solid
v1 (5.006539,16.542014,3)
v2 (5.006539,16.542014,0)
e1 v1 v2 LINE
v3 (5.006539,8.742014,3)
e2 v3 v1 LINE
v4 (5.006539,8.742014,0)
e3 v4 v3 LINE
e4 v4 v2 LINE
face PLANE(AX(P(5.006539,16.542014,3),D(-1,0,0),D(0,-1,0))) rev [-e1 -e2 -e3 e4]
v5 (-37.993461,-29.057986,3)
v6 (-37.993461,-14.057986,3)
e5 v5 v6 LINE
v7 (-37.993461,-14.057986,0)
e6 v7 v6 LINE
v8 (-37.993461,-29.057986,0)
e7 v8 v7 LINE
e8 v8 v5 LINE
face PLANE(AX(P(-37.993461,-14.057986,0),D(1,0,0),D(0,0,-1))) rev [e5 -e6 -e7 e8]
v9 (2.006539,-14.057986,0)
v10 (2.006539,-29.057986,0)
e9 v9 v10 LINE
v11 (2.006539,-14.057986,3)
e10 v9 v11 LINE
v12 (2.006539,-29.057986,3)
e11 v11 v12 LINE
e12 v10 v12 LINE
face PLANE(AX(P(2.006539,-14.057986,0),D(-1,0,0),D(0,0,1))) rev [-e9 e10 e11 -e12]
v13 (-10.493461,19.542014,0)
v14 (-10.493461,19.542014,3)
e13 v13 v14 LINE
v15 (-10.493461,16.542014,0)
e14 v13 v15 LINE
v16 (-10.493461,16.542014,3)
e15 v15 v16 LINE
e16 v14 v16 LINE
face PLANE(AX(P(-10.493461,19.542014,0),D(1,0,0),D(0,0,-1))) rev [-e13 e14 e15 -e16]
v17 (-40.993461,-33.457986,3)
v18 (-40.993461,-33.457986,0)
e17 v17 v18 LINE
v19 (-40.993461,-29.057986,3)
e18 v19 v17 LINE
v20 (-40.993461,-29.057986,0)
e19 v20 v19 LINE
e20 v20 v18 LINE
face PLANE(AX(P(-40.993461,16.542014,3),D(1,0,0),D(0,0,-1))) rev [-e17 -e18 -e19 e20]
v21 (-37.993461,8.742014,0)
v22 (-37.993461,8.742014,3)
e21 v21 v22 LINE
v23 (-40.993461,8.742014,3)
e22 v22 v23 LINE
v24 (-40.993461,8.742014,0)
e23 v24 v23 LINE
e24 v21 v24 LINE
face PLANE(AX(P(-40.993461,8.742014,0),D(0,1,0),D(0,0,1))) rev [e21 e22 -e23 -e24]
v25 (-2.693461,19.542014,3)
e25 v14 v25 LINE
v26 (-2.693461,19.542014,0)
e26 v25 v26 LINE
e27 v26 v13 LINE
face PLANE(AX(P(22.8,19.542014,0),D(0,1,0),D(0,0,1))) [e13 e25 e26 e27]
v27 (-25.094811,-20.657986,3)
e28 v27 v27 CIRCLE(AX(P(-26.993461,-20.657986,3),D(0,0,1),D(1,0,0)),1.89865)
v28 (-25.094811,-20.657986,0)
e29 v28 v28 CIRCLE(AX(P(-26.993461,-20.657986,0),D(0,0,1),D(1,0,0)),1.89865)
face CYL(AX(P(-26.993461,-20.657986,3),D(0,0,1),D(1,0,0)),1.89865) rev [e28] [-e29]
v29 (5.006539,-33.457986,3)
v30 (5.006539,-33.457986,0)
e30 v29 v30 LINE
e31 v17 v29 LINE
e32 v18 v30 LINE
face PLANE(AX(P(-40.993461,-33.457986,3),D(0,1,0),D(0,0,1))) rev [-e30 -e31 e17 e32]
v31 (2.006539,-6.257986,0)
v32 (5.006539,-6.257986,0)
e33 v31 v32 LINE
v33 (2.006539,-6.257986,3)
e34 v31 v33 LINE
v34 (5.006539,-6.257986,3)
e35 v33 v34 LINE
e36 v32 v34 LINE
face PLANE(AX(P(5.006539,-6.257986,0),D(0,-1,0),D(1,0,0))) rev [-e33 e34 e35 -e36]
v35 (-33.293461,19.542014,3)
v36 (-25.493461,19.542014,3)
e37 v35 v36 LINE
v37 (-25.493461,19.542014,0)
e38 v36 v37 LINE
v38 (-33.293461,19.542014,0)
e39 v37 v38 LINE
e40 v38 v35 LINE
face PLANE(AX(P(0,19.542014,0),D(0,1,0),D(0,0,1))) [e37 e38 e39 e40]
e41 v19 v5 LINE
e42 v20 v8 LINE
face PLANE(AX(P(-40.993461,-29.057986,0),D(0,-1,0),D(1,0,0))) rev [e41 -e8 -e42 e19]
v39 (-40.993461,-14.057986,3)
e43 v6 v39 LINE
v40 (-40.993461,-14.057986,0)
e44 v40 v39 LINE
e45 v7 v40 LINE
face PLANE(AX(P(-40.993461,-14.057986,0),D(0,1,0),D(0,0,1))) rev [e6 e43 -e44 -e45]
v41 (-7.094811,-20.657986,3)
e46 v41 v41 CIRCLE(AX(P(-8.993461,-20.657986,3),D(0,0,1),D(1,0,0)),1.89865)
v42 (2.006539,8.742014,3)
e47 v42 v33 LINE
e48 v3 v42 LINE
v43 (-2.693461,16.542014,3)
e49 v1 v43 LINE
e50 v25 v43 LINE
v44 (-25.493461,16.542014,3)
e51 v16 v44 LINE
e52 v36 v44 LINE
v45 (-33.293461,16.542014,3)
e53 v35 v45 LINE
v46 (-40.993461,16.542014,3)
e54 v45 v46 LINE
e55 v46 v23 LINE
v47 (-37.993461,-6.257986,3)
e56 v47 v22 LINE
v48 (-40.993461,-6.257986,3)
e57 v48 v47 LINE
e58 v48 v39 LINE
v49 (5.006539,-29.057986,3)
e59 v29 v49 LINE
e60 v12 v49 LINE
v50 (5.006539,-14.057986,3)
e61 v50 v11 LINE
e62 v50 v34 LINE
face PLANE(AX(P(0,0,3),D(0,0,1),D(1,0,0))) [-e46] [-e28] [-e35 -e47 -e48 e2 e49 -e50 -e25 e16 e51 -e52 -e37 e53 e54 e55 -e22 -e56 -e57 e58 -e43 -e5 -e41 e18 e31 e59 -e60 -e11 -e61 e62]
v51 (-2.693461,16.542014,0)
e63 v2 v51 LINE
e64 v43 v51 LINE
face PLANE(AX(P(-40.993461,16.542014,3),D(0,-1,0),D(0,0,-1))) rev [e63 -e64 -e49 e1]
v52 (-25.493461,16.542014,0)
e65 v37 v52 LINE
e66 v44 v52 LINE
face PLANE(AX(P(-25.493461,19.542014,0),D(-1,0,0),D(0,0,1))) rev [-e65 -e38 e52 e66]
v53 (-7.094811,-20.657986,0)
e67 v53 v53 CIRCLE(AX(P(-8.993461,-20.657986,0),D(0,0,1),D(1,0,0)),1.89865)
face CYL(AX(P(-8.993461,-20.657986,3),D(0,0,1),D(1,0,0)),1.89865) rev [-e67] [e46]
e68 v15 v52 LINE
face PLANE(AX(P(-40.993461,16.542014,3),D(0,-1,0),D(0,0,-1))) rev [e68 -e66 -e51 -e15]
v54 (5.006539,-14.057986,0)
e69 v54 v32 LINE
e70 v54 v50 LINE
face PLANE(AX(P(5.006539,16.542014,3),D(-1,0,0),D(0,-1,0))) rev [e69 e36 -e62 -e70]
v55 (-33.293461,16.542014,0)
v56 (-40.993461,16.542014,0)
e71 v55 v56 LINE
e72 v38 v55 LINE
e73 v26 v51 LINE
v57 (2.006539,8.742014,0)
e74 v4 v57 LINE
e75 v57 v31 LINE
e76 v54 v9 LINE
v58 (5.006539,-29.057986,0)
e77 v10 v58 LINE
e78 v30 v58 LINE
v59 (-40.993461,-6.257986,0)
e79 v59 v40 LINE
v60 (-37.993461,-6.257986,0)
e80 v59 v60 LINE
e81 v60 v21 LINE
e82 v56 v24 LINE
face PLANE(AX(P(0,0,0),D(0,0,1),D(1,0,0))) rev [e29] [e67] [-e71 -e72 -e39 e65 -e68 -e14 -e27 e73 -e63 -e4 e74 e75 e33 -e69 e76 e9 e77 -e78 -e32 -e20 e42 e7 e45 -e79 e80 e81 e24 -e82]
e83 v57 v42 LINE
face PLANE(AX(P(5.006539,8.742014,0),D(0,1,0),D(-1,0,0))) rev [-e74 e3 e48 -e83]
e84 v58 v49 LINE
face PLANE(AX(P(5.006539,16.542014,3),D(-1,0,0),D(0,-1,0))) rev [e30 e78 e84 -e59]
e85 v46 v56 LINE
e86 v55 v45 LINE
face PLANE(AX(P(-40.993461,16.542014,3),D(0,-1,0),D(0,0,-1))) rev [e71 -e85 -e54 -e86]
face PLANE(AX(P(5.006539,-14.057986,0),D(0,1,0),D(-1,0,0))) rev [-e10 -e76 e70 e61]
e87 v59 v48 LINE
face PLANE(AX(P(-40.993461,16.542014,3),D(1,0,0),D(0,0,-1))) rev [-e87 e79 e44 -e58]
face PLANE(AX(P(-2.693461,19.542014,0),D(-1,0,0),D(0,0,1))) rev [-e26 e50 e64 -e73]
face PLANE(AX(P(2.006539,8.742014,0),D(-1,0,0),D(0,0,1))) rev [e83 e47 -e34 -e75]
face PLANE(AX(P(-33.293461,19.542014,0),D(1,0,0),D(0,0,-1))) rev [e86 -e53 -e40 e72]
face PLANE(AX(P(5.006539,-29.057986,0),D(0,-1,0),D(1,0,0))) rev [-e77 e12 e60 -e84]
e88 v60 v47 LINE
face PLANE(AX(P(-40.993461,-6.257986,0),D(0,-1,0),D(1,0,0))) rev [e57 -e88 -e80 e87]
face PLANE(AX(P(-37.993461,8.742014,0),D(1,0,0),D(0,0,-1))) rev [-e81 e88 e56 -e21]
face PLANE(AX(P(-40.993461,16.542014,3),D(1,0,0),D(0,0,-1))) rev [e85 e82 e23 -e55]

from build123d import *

# Parameters (mm, degrees)
SKETCH1_W             = 46
SKETCH1_H             = 50
BOSS_EXTRUDE1_DEPTH   = 3
SKETCH2_W             = 3
SKETCH2_H             = 15
CUT_EXTRUDE1_DEPTH    = 53.999062732
LPATTERN1_COUNT       = 3
LPATTERN1_PITCH       = 22.8
SKETCH3_W             = 7.8
SKETCH3_H             = 3
BOSS_EXTRUDE2_DEPTH   = 3
LPATTERN2_COUNT       = 2
LPATTERN2_PITCH       = 22.8
F_6_CLEARANCE_HOLE1_D = 3.7973


with BuildPart() as part:
    # Sketch1 → Boss-Extrude1 (new body)
    with BuildSketch(Plane.XY):
        with Locations((-17.993460648, -8.457986111)):
            Rectangle(SKETCH1_W, SKETCH1_H)
    extrude(amount=BOSS_EXTRUDE1_DEPTH)

    # Sketch2 → Cut-Extrude1 (cut, through all)
    with BuildSketch(Plane.XY.offset(3)):
        with Locations((-39.493460648, 1.242013889)):
            Rectangle(SKETCH2_W, SKETCH2_H)
        with Locations((3.506539352, 1.242013889)):
            Rectangle(SKETCH2_W, SKETCH2_H)
    cut_extrude1 = extrude(amount=-CUT_EXTRUDE1_DEPTH, mode=Mode.SUBTRACT)

    # LPattern1: Cut-Extrude1 ×3
    with Locations(*[(0, -i * LPATTERN1_PITCH, 0) for i in range(1, LPATTERN1_COUNT)]):
        add(cut_extrude1, mode=Mode.SUBTRACT)

    # Sketch3 → Boss-Extrude2 (add)
    with BuildSketch(Plane(origin=(0, 16.542013889, 0), x_dir=(1, 0, 0), z_dir=(0, 1, 0))):
        with Locations((-29.393460648, -1.5)):
            Rectangle(SKETCH3_W, SKETCH3_H)
    boss_extrude2 = extrude(amount=BOSS_EXTRUDE2_DEPTH)

    # LPattern2: Boss-Extrude2 ×2
    with Locations(*[(i * LPATTERN2_PITCH, 0, 0) for i in range(1, LPATTERN2_COUNT)]):
        add(boss_extrude2)

    # #6 Clearance Hole1 (through all)
    with Locations(Plane.XY.offset(3)):
        with Locations((-8.993460648, -20.657986111), (-26.993460648, -20.657986111)):
            Hole(F_6_CLEARANCE_HOLE1_D / 2)


solid = part.part
